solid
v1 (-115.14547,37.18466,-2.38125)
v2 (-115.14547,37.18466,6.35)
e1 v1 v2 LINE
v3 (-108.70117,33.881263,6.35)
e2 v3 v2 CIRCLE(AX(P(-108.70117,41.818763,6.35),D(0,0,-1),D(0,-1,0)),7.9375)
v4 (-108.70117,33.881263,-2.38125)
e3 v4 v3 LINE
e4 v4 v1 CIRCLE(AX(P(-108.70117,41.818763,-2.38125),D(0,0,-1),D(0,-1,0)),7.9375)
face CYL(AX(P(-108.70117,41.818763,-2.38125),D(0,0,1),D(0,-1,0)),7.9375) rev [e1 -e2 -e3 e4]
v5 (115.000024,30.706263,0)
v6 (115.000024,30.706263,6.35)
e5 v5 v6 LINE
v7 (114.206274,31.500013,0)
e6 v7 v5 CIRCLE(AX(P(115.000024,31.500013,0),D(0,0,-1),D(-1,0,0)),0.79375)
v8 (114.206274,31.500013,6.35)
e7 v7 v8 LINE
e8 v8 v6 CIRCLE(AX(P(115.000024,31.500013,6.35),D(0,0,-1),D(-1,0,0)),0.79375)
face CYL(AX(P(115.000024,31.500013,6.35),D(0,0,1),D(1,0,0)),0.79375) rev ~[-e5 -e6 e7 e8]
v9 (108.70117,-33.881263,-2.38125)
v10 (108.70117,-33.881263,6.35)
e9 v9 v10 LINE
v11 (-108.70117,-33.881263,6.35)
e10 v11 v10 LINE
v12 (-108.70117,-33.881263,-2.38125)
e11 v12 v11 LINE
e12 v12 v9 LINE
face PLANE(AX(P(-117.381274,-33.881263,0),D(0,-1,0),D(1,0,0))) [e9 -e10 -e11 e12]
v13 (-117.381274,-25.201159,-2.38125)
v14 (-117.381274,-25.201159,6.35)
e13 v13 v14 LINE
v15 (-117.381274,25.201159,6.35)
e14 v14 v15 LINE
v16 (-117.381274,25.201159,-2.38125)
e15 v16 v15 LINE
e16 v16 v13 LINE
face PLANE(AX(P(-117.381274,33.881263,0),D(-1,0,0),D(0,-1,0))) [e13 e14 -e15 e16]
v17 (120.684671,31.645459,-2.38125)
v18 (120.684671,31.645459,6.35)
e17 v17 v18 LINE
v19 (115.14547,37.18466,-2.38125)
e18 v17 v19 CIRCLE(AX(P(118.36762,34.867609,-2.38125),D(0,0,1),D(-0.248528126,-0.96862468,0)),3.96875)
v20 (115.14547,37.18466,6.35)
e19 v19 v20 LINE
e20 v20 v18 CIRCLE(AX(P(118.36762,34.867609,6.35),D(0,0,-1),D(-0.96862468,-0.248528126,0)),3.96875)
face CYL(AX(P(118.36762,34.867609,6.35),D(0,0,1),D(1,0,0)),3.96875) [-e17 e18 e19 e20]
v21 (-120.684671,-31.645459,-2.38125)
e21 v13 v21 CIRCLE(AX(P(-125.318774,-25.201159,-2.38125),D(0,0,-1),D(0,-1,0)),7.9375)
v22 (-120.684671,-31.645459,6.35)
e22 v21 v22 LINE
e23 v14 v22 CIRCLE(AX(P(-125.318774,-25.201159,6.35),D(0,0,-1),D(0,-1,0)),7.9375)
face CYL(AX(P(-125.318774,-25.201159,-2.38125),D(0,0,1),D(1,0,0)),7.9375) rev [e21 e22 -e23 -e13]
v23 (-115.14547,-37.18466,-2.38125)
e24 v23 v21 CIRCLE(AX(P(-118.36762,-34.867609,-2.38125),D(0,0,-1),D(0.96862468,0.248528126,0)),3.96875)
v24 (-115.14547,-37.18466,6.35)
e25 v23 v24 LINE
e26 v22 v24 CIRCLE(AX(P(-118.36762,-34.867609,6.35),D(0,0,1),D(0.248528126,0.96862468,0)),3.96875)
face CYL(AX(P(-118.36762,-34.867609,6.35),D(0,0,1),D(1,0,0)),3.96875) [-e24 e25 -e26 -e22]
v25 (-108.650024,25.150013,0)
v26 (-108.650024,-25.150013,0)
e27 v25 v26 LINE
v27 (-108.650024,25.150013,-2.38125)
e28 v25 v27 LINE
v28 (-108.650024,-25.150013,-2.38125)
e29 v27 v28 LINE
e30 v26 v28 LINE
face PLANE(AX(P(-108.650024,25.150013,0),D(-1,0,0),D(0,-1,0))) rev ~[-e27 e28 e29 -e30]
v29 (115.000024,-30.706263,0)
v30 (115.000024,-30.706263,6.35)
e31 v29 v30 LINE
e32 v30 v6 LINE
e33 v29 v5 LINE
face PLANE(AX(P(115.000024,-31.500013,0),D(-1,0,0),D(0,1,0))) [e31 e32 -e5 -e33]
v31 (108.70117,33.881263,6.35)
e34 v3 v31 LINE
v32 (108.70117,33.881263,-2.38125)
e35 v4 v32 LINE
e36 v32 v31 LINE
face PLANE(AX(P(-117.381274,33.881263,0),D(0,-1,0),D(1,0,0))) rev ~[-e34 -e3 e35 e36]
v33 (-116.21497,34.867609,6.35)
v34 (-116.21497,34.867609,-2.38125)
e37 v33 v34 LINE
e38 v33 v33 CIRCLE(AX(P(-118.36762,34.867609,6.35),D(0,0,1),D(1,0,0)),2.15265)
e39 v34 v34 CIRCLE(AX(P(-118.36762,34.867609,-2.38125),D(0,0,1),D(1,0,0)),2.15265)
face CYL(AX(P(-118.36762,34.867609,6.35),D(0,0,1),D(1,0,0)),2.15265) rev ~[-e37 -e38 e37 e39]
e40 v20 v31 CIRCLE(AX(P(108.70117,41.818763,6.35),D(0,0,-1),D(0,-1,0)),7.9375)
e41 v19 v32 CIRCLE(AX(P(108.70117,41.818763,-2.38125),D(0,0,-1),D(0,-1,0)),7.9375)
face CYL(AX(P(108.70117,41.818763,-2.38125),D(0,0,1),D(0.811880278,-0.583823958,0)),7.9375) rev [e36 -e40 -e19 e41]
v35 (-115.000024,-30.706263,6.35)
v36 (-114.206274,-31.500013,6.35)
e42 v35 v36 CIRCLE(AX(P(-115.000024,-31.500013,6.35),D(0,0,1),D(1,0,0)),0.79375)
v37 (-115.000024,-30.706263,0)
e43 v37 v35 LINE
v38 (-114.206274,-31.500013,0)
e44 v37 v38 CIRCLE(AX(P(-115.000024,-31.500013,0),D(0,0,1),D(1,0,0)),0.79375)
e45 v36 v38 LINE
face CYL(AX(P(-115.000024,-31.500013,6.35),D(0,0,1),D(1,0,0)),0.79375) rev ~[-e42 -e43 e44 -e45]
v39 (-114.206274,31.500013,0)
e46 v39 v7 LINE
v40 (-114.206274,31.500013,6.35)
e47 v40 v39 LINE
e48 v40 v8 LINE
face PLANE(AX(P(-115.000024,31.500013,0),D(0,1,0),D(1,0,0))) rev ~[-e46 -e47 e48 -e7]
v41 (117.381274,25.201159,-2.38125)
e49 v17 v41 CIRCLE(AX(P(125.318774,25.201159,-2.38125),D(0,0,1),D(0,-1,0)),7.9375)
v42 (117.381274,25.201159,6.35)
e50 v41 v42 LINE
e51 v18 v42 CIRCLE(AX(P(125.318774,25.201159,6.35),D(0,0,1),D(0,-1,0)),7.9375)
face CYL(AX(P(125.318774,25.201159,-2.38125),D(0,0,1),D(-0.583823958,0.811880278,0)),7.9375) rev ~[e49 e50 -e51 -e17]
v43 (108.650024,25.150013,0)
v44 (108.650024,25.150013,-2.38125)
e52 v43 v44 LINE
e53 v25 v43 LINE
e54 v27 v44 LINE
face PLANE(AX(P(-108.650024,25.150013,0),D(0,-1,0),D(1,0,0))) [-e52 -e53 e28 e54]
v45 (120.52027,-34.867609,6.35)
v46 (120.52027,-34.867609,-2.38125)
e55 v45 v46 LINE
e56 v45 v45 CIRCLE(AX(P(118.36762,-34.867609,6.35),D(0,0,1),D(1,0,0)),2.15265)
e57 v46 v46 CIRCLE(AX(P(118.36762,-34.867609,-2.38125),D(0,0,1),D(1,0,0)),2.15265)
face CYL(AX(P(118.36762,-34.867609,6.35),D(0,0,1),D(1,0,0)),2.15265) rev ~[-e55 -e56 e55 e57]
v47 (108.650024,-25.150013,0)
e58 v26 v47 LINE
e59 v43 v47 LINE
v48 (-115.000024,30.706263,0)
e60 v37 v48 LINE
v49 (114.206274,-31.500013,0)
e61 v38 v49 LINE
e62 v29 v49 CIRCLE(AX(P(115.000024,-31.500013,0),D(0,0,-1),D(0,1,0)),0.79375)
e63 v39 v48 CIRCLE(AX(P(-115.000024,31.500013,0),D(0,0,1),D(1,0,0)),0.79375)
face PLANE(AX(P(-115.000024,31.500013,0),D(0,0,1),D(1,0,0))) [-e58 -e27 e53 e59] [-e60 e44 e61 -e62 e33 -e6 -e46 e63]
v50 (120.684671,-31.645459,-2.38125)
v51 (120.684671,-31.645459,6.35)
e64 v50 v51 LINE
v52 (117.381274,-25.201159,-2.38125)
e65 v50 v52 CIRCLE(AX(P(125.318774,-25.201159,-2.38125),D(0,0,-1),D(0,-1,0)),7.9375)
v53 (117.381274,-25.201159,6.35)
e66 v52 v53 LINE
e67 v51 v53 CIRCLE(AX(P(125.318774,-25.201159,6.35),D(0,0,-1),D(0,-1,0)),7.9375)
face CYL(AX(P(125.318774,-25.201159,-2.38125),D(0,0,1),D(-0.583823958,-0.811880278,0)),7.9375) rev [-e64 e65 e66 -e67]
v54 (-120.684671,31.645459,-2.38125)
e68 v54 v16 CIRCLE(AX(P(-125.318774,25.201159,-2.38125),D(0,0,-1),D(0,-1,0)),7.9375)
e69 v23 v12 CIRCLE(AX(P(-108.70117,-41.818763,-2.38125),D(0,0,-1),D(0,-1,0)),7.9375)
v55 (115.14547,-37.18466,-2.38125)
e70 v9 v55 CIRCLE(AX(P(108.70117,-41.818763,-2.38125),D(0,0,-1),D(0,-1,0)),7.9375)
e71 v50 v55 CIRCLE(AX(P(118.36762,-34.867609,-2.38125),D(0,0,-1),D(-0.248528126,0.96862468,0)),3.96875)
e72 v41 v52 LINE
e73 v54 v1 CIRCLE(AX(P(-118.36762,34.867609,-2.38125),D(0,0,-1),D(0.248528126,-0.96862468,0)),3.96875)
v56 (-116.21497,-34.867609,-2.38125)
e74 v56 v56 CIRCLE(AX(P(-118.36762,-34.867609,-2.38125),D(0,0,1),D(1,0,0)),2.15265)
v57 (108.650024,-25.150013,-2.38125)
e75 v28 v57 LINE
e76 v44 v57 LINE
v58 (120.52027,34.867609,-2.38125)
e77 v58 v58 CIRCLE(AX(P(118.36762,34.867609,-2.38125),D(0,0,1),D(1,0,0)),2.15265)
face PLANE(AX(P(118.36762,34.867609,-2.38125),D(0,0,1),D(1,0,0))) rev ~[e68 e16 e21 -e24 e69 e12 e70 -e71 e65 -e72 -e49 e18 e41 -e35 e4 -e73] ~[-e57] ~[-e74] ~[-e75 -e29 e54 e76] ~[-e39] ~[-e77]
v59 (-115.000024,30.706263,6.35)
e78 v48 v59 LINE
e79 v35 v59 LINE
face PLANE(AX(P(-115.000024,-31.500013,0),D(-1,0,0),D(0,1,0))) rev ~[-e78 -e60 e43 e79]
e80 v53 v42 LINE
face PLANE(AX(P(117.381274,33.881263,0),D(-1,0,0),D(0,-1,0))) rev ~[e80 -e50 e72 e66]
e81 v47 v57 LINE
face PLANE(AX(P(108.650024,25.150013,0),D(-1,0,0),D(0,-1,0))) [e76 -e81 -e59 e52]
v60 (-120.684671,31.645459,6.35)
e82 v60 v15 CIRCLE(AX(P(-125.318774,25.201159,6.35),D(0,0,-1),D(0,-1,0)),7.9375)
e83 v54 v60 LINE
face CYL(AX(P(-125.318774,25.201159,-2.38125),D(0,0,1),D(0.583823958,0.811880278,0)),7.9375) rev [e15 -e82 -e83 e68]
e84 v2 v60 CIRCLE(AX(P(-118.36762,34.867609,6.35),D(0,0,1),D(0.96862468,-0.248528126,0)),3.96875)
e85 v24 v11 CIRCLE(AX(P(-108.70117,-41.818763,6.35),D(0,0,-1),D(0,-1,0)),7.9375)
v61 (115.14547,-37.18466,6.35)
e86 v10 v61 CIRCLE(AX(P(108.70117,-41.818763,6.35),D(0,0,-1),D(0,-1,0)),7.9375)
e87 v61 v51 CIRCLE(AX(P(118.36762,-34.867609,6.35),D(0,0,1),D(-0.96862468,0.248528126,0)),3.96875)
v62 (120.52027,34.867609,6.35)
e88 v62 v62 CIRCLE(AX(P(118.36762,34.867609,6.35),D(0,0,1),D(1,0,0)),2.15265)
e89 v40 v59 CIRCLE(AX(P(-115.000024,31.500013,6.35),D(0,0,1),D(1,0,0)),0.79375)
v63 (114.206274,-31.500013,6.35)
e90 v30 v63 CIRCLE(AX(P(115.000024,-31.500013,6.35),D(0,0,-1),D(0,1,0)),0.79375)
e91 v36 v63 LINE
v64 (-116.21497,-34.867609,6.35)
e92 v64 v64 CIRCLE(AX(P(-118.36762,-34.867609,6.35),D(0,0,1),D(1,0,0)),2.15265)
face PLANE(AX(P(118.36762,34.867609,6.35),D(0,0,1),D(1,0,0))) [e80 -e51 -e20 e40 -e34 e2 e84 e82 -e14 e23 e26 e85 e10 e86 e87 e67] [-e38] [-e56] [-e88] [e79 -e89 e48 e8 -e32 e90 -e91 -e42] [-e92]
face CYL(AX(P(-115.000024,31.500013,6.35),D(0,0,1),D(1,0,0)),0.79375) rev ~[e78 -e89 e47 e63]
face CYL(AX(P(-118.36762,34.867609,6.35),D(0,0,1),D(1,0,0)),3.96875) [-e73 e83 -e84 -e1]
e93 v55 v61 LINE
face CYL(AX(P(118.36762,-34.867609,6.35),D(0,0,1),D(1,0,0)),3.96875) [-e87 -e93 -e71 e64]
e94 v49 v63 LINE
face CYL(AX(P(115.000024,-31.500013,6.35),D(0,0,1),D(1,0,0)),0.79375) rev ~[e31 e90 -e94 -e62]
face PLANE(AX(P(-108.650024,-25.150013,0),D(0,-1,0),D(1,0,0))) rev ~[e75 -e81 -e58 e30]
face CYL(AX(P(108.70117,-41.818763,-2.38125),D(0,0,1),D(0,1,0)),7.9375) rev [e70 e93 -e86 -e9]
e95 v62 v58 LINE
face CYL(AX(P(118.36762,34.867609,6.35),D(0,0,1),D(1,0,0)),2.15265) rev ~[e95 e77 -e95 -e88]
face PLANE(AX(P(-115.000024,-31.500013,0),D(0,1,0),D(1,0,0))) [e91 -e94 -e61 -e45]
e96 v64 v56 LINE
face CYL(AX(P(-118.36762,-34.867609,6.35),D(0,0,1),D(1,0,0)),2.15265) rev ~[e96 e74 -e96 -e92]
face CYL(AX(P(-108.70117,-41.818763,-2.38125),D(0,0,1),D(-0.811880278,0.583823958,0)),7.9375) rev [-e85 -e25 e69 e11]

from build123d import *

# Parameters (mm, degrees)
F0_W      = 234.762548
F0_H      = 67.762526
F0_W_2    = 230.000048
F0_H_2    = 63.000026
F1_DEPTH  = 6.35
F2_W      = 234.762548
F2_H      = 67.762526
F2_W_2    = 217.300048
F2_H_2    = 50.300026
F3_DEPTH  = 2.38125
F4_R      = 3.96875
F5_DEPTH  = 8.73125
F6_R      = 7.9375
F7_R      = 2.15265
F8_DEPTH  = 8.73125
F9_R      = 0.79375
F10_DEPTH = 6.35


with BuildPart() as f1:
    # F0 (on Top) → F1 (new body)
    with BuildSketch(Plane.XY):
        Rectangle(F0_W, F0_H)
        Rectangle(F0_W_2, F0_H_2, mode=Mode.SUBTRACT)
    extrude(amount=F1_DEPTH)

    # F2 (on face) → F3 (join)
    with BuildSketch(Plane(origin=(0, 0, 0), x_dir=(1, 0, 0), z_dir=(0, 0, -1))):
        Rectangle(F2_W, F2_H)
        Rectangle(F2_W_2, F2_H_2, mode=Mode.SUBTRACT)
    extrude(amount=F3_DEPTH)

    # F4 (on face) → F5 (join, through all)
    with BuildSketch(Plane.XY.offset(6.35)):
        with Locations((118.36762, 34.867609)):
            Circle(F4_R)
        with Locations((118.36762, -34.867609)):
            Circle(F4_R)
        with Locations((-118.36762, -34.867609)):
            Circle(F4_R)
        with Locations((-118.36762, 34.867609)):
            Circle(F4_R)
    extrude(amount=-F5_DEPTH)

    # F6
    f6_edges = [f1.edges().sort_by_distance(p)[0] for p in [
        (114.523391, 33.881263, 1.984375),
        (117.381274, 31.02338, 1.984375),
        (117.381274, -31.02338, 1.984375),
        (114.523391, -33.881263, 1.984375),
        (-117.381274, -31.02338, 1.984375),
        (-114.523391, -33.881263, 1.984375),
        (-114.523391, 33.881263, 1.984375),
        (-117.381274, 31.02338, 1.984375),
    ]]
    fillet(f6_edges, radius=F6_R)

    # F7 (on face) → F8 (cut, through all)
    with BuildSketch(Plane.XY.offset(6.35)):
        with Locations((118.36762, 34.867609)):
            Circle(F7_R)
        with Locations((118.36762, -34.867609)):
            Circle(F7_R)
        with Locations((-118.36762, 34.867609)):
            Circle(F7_R)
        with Locations((-118.36762, -34.867609)):
            Circle(F7_R)
    extrude(amount=-F8_DEPTH, mode=Mode.SUBTRACT)

    # F9 (on face) → F10 (cut, through all)
    with BuildSketch(Plane.XY.offset(6.35)):
        with Locations((-115.000024, 31.500013)):
            Circle(F9_R)
        with Locations((-115.000024, -31.500013)):
            Circle(F9_R)
        with Locations((115.000024, -31.500013)):
            Circle(F9_R)
        with Locations((115.000024, 31.500013)):
            Circle(F9_R)
    extrude(amount=-F10_DEPTH, mode=Mode.SUBTRACT)


solid = f1.part
